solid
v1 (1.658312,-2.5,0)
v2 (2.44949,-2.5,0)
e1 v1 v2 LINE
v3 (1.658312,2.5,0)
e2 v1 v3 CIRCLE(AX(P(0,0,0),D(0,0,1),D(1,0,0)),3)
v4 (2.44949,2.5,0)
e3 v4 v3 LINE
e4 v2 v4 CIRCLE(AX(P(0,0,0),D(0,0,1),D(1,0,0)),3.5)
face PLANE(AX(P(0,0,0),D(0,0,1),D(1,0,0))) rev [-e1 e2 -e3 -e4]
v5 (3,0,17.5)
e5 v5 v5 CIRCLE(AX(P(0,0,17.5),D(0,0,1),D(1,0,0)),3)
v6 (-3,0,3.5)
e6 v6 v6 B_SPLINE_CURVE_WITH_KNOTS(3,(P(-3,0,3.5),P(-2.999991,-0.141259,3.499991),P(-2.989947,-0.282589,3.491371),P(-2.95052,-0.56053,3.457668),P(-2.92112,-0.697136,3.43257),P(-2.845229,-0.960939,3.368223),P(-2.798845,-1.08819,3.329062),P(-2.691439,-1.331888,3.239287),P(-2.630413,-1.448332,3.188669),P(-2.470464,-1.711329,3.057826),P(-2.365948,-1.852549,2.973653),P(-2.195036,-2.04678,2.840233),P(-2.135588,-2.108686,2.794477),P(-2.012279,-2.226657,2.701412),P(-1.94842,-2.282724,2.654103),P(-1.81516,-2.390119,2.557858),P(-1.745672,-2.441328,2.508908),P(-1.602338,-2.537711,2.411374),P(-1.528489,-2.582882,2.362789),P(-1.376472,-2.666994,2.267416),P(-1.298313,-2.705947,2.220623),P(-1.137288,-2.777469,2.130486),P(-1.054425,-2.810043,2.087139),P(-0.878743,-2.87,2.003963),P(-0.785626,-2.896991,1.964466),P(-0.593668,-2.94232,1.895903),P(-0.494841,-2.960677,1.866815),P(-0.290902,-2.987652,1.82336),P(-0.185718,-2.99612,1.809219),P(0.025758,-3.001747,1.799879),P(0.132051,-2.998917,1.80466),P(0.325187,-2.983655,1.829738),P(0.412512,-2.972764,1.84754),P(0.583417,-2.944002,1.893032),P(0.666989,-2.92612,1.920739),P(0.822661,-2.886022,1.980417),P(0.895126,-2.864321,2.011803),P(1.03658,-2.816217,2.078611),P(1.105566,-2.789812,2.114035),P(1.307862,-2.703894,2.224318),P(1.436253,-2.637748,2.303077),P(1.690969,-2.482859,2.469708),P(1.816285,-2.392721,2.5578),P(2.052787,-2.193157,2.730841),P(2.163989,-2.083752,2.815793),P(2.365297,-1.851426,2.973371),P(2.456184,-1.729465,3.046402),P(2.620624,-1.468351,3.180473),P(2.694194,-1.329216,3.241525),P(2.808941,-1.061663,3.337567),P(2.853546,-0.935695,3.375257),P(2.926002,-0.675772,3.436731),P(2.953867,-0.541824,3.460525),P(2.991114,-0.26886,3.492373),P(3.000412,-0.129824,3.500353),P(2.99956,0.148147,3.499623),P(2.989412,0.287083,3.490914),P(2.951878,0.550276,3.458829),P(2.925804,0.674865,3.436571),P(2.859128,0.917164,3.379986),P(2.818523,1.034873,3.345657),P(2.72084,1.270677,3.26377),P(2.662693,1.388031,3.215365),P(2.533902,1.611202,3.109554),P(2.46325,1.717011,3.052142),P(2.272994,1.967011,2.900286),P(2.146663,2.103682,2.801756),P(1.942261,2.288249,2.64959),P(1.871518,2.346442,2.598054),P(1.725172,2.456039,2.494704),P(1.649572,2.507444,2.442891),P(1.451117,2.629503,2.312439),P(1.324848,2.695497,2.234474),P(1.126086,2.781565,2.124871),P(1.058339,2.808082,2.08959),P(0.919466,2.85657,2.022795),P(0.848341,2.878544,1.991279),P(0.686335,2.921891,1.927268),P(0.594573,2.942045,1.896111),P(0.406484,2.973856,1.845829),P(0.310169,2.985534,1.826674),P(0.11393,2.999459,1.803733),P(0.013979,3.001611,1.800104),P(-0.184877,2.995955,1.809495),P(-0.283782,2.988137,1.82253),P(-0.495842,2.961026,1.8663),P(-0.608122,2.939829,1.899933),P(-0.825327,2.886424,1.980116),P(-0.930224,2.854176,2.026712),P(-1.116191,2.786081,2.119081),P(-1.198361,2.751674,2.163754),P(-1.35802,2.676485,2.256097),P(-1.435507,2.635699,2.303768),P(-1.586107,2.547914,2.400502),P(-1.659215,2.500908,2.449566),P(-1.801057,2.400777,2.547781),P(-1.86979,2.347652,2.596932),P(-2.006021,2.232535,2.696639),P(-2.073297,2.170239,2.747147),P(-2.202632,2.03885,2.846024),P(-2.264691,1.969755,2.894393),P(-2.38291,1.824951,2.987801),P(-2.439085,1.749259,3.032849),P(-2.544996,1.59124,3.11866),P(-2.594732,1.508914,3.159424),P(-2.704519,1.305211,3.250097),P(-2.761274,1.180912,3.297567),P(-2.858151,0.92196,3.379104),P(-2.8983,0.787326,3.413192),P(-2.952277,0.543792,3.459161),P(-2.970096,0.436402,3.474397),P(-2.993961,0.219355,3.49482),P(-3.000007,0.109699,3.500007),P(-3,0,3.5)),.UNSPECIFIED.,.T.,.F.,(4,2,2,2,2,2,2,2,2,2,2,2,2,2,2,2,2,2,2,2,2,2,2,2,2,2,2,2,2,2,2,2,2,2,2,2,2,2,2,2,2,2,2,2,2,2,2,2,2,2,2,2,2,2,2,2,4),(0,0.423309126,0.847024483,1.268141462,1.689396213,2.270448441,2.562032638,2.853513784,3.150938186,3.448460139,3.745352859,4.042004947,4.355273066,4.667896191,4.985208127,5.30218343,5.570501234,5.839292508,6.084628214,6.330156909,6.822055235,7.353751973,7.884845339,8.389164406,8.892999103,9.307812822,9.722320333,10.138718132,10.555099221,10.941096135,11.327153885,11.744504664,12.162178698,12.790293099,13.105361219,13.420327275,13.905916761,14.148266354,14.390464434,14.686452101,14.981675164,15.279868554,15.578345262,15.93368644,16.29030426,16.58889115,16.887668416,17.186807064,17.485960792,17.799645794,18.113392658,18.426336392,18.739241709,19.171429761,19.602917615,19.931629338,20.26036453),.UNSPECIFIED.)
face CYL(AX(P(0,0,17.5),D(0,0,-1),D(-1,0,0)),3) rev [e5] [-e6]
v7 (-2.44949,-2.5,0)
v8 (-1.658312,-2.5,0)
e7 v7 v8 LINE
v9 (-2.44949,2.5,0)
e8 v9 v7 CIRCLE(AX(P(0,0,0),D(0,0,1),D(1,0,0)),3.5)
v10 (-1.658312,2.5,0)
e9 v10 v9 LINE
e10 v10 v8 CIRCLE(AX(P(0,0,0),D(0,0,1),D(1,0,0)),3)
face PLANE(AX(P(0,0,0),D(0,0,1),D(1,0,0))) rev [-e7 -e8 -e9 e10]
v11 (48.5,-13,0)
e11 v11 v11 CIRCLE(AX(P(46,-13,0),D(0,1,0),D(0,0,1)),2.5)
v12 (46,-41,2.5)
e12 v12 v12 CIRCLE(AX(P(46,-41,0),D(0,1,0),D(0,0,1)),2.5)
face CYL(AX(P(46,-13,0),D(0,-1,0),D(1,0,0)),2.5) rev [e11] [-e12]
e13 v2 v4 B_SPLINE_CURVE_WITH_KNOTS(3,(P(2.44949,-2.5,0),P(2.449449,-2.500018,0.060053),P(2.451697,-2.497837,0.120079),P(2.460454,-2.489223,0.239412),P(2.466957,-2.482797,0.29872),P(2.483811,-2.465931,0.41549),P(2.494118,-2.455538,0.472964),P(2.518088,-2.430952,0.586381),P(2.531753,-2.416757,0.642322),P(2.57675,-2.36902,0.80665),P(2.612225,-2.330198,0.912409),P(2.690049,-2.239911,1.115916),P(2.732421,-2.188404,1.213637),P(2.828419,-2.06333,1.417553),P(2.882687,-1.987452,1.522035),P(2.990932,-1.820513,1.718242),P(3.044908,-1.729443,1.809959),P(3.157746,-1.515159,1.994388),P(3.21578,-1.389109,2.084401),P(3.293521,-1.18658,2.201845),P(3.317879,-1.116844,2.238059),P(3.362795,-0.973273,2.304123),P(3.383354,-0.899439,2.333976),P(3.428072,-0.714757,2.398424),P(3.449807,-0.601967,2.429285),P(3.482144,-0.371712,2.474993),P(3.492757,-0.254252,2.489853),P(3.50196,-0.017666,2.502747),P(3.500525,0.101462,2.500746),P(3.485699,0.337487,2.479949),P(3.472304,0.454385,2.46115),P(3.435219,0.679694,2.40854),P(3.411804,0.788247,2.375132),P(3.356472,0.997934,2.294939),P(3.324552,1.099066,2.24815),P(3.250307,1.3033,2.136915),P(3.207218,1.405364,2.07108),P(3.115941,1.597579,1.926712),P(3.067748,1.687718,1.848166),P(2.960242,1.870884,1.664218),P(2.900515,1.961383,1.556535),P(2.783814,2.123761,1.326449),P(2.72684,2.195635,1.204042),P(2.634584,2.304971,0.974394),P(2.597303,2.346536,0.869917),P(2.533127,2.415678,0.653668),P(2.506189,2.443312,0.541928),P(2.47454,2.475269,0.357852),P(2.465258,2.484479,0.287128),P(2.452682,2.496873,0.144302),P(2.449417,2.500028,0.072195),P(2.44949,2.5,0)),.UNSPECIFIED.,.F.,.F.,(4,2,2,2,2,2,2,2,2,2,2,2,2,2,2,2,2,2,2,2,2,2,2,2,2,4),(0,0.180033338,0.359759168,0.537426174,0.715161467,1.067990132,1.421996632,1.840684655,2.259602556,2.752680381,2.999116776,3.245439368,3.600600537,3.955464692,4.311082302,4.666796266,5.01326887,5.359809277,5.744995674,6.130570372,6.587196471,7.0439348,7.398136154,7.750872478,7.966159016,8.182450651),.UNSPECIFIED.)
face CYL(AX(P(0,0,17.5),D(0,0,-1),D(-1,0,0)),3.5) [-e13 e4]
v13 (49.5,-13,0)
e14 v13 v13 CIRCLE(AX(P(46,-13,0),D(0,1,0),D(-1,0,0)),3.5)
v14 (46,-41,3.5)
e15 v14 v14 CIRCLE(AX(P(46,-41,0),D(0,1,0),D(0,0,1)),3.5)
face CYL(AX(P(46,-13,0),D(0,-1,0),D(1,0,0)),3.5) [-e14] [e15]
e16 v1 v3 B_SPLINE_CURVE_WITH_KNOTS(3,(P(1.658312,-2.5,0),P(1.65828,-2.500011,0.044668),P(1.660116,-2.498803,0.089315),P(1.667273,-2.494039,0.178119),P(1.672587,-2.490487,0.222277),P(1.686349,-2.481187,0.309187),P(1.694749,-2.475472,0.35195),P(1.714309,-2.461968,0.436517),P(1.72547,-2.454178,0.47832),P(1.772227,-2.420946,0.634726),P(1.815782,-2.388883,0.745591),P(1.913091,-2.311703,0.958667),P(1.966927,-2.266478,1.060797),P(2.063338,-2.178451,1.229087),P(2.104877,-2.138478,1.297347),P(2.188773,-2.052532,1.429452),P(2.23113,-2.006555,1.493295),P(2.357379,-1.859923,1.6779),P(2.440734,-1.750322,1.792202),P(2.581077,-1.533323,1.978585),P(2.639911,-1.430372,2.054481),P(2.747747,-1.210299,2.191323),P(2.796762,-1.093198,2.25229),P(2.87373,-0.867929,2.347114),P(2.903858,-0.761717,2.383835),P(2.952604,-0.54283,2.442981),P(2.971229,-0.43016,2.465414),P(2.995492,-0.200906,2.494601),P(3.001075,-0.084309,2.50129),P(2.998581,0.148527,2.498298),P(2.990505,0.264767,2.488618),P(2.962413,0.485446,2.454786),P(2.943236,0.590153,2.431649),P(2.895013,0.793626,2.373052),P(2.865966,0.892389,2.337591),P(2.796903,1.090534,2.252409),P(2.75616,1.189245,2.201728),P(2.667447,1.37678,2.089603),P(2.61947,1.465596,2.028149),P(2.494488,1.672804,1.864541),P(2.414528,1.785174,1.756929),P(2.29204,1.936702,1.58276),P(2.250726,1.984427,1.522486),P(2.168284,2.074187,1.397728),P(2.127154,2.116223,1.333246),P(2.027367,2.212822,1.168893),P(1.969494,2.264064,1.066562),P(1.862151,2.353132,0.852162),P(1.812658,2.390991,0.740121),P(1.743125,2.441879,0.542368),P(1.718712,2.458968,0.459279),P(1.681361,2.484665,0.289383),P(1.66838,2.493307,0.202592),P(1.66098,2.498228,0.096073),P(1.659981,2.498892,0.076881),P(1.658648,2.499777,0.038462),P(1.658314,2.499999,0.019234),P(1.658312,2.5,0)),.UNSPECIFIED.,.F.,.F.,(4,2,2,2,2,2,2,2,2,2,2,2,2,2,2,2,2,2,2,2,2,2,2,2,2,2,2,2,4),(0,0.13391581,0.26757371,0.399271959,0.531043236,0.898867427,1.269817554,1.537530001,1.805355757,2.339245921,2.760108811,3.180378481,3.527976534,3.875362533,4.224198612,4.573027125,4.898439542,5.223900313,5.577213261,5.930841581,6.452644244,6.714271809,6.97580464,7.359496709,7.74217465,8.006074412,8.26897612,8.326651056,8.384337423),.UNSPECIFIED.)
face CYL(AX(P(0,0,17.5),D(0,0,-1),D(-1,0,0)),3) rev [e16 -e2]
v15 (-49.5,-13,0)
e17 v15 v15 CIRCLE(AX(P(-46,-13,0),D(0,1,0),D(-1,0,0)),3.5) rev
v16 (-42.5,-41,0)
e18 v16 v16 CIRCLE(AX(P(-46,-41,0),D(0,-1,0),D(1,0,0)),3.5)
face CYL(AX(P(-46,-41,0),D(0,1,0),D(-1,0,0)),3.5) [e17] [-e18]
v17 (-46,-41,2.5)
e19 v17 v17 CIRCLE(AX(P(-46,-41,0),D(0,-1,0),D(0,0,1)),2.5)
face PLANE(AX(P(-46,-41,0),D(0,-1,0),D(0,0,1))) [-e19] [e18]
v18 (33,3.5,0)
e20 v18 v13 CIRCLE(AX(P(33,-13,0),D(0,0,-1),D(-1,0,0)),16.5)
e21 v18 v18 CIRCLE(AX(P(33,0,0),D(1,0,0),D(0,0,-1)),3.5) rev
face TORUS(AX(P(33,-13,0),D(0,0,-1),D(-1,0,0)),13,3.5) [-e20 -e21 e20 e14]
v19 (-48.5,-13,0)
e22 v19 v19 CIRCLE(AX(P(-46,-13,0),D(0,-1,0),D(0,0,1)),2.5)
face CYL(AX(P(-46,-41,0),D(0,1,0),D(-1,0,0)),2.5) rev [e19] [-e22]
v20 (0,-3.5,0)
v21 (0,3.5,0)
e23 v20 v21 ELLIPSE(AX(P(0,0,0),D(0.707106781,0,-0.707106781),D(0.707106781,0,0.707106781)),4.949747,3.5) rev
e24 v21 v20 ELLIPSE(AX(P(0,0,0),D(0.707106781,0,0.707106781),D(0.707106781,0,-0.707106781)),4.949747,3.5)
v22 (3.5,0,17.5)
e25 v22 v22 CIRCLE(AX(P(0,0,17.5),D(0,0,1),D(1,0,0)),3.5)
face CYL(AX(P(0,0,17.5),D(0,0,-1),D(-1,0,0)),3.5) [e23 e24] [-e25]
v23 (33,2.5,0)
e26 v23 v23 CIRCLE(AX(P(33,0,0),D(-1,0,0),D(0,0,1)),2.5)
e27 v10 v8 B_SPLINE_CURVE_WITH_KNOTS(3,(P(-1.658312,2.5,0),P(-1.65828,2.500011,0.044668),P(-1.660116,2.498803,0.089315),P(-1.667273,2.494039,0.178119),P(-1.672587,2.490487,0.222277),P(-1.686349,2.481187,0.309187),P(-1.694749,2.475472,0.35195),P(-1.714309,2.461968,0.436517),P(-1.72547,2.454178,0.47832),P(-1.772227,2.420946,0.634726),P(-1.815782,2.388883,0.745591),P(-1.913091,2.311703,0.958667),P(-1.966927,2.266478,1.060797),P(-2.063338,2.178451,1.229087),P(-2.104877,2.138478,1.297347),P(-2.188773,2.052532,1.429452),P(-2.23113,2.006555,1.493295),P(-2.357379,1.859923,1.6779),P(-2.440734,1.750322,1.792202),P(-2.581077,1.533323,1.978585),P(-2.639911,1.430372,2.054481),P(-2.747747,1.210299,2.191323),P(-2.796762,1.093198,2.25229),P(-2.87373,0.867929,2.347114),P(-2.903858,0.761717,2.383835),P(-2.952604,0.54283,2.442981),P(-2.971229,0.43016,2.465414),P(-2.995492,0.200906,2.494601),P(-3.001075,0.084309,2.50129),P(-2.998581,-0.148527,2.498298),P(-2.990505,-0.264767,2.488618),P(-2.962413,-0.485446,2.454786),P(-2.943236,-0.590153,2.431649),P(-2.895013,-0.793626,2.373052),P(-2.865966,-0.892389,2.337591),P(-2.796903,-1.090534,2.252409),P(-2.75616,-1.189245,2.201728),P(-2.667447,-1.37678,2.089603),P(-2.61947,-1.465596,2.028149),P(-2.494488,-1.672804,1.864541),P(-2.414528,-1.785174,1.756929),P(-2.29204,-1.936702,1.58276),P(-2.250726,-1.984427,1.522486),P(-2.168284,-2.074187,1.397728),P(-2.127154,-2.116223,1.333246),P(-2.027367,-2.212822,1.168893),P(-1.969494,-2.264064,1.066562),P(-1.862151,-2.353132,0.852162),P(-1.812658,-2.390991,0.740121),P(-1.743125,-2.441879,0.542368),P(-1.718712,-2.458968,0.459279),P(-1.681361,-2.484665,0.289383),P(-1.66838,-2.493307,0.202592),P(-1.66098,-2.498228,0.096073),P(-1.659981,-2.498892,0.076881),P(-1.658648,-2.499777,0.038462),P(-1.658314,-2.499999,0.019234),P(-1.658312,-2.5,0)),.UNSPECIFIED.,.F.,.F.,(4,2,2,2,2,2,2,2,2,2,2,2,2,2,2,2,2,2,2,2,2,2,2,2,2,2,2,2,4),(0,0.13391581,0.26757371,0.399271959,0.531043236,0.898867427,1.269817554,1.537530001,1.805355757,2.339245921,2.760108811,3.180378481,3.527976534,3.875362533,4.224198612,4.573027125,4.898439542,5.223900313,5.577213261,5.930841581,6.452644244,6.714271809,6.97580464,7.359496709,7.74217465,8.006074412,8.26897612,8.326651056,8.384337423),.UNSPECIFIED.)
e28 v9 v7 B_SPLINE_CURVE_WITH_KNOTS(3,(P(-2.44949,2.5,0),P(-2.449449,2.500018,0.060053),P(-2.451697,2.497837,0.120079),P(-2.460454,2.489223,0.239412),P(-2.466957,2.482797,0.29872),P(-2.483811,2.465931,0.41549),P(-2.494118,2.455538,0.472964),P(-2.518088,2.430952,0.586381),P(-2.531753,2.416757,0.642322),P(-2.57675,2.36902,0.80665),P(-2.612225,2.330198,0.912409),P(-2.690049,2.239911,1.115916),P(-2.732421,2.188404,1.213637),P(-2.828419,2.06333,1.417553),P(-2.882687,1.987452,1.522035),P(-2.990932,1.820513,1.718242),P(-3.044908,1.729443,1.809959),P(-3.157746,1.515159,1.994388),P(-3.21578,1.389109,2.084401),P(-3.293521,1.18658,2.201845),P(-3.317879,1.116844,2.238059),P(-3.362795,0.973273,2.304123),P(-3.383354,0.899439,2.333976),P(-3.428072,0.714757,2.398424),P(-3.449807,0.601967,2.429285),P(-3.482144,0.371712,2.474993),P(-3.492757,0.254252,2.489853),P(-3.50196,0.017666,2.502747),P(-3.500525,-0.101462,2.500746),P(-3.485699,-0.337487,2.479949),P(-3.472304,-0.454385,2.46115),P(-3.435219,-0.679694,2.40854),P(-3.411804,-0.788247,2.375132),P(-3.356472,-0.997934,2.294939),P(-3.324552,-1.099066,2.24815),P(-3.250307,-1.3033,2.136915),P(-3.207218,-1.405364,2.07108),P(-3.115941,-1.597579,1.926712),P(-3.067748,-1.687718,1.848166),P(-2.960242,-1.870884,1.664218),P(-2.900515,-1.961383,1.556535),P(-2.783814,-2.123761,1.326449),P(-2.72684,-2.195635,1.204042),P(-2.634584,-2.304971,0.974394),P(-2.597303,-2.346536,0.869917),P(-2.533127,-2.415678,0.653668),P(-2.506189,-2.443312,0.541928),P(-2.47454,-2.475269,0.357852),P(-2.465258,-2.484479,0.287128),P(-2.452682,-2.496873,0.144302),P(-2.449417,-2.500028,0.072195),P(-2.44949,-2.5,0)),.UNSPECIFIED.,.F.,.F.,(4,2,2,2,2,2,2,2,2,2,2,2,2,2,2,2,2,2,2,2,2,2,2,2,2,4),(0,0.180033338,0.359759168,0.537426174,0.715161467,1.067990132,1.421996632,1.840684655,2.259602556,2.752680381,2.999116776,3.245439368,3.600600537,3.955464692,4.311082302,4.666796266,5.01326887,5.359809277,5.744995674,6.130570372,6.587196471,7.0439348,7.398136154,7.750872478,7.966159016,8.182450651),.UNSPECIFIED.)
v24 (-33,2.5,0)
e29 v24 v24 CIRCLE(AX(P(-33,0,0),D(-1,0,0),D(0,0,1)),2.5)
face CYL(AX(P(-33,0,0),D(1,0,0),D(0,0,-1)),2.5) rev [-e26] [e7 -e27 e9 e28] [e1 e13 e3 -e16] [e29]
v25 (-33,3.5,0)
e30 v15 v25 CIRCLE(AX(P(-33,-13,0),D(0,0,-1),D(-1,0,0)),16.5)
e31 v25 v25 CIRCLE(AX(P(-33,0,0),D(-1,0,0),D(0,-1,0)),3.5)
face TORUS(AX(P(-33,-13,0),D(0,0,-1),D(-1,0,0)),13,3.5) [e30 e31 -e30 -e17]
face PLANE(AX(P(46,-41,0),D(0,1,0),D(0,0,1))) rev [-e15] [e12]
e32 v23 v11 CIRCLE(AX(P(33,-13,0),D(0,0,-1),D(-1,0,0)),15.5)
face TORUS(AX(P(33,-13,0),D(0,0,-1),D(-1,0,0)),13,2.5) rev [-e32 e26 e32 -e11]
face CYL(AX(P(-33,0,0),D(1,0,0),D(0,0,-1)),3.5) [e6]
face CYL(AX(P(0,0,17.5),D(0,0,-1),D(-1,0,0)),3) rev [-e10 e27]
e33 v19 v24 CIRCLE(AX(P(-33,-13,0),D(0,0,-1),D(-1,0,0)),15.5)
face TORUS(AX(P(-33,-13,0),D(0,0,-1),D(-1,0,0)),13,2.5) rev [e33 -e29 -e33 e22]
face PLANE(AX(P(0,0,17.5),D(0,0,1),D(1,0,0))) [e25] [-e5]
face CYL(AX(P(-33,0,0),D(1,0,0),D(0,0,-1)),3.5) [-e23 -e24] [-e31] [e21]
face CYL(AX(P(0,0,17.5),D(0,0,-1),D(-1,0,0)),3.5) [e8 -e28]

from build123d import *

# Parameters (mm, degrees)
SWEEP_THIN2_PROFILE_R   = 3.5
SWEEP_THIN2_PROFILE_R_2 = 2.5
SKETCH57_R              = 3.5
SKETCH57_R_2            = 3
BOSS_EXTRUDE1_DEPTH     = 17.5


with BuildPart() as part:
    # Sweep-Thin2: sweep along a path in Sketch28
    with BuildLine(Plane.XY) as sweep_thin2_path:
        Line((-46, -41), (-46, -13))
        ThreePointArc((-46, -13), (-42.192388155, -3.807611845), (-33, 0))
        Line((-33, 0), (33, 0))
        ThreePointArc((33, 0), (42.192388155, -3.807611845), (46, -13))
        Line((46, -13), (46, -41))
    # Sweep-Thin2 profile (on start of the path) → Sweep-Thin2 (sweep)
    with BuildSketch(Plane(origin=(-46, -41, 0), x_dir=(1, 0, 0), z_dir=(0, 1, 0))):
        Circle(SWEEP_THIN2_PROFILE_R)
        Circle(SWEEP_THIN2_PROFILE_R_2, mode=Mode.SUBTRACT)
    sweep(path=sweep_thin2_path.line)

    # Sketch57 → Boss-Extrude1 (add)
    with BuildSketch(Plane.XY):
        with Locations(Location((0, 0, 0), (0, 0, 270))):
            Circle(SKETCH57_R)
        with Locations(Location((0, 0, 0), (0, 0, 180))):
            Circle(SKETCH57_R_2, mode=Mode.SUBTRACT)
    extrude(amount=BOSS_EXTRUDE1_DEPTH)


solid = part.part
